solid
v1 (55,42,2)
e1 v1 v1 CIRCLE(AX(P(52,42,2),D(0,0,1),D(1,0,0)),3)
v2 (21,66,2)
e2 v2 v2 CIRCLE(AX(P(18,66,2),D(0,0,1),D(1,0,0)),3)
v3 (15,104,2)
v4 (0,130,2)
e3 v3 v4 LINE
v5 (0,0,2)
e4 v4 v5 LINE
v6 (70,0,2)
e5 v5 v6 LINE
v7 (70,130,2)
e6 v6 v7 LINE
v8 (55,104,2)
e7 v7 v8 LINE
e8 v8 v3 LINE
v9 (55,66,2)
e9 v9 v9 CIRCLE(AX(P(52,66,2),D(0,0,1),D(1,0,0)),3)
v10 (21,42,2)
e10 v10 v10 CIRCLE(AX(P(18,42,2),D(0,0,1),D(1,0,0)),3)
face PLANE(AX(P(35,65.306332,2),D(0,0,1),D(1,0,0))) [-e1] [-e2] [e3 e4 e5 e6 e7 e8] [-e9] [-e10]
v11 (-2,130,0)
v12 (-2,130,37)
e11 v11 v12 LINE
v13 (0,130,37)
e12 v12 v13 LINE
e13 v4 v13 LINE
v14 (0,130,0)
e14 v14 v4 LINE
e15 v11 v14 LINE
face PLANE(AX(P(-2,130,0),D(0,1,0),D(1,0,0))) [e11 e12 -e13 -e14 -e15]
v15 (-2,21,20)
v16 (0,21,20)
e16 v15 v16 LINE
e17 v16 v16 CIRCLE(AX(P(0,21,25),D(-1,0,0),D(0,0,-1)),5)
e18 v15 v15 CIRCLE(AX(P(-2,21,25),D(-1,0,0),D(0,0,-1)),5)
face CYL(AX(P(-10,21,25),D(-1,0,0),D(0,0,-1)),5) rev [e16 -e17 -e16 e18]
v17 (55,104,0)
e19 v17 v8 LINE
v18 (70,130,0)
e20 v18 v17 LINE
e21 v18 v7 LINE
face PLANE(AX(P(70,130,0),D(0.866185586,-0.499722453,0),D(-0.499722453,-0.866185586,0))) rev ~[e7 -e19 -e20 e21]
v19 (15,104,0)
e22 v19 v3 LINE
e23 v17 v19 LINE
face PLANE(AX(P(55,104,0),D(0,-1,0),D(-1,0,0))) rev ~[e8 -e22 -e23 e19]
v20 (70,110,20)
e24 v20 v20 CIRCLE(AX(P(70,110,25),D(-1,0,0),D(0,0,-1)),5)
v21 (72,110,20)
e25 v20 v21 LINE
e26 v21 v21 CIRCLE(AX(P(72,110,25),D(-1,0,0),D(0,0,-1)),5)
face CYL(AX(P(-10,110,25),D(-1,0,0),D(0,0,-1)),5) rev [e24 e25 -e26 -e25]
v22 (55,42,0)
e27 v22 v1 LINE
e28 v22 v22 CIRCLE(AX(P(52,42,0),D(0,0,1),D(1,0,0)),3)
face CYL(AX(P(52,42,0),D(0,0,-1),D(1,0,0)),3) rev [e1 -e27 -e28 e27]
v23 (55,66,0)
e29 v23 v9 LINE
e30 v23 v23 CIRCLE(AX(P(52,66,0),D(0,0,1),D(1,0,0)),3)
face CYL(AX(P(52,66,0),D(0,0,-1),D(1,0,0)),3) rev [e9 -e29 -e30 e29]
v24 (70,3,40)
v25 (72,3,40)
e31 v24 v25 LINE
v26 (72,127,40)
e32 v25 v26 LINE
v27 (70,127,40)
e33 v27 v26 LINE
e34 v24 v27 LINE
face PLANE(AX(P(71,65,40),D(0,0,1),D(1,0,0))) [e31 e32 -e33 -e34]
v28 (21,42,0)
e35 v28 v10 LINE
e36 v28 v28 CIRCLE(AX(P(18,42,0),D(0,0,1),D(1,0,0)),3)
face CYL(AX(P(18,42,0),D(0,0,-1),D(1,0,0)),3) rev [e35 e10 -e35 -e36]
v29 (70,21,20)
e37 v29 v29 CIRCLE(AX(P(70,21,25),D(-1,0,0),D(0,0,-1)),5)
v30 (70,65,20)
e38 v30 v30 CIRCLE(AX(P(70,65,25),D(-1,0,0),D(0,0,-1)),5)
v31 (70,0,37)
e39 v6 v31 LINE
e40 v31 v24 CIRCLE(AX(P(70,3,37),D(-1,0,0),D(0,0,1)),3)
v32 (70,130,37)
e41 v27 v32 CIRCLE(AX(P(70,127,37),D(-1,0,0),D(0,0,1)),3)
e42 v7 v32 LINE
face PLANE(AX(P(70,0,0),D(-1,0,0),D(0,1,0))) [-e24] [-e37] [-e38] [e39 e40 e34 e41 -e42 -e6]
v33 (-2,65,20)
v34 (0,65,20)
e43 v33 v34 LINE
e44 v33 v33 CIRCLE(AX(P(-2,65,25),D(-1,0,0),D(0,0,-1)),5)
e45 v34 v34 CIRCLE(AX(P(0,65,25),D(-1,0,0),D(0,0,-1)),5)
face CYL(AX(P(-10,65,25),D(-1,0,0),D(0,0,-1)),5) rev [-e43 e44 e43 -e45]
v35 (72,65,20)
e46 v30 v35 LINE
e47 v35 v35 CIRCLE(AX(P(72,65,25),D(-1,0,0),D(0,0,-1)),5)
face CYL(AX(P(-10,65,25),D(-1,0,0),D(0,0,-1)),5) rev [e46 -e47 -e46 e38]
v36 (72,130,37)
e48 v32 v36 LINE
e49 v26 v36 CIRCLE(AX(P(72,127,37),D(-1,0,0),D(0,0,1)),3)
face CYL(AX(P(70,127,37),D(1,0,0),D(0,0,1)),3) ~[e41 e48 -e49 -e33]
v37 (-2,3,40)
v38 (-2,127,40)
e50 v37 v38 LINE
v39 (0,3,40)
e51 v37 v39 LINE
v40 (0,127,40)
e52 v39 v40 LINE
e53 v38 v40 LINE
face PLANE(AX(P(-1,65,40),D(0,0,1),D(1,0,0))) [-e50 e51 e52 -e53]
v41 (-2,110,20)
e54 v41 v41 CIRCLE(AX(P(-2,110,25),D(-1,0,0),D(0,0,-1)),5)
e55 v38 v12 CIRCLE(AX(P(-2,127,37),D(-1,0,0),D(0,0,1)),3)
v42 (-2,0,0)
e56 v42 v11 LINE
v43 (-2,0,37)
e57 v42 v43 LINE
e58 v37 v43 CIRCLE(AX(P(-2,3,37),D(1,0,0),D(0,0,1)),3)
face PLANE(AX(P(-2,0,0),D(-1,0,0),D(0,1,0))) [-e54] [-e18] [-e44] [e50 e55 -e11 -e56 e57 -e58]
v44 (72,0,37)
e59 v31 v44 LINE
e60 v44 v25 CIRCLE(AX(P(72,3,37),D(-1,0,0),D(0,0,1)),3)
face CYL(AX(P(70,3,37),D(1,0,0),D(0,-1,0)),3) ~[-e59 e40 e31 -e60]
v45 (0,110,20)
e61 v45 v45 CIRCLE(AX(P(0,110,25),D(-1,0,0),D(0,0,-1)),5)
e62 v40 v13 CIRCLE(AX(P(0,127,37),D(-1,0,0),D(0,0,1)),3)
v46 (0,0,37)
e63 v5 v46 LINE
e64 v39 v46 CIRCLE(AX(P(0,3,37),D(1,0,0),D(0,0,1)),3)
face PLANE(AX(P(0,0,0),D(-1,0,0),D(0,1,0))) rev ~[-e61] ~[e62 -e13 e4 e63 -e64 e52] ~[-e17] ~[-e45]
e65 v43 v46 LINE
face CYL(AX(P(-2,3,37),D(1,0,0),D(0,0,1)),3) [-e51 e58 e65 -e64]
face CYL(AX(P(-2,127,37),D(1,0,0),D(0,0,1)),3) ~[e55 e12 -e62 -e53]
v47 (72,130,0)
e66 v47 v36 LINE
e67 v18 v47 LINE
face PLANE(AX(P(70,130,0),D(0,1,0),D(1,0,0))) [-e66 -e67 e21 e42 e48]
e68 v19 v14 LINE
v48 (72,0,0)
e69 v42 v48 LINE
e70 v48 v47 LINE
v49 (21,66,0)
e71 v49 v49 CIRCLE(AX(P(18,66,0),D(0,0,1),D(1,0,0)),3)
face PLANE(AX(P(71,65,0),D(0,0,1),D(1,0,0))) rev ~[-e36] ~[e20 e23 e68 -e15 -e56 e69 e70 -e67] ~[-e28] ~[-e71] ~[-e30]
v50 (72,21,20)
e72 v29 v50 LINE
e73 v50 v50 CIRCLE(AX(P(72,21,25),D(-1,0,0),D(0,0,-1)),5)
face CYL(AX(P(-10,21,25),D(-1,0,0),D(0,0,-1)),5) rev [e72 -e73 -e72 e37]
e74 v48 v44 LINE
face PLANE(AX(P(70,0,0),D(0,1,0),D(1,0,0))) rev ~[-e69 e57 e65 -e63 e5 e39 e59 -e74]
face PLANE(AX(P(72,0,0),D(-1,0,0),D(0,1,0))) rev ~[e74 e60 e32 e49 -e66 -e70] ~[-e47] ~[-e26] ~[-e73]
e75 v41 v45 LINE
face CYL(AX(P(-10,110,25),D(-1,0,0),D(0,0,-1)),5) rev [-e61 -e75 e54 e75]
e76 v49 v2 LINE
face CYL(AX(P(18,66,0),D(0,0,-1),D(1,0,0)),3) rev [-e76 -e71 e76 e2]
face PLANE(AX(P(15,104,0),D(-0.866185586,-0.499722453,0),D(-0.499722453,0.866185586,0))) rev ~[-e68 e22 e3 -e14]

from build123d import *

# Parameters (mm, degrees)
CYLINDER001_R     = 5
CYLINDER001_DEPTH = 100
CYLINDER002_R     = 5
CYLINDER002_DEPTH = 100
CYLINDER_R        = 5
CYLINDER_DEPTH    = 100
BOX001_W          = 2
BOX001_H          = 130
BOX001_DEPTH      = 40
BOX_W             = 2
BOX_H             = 130
BOX_DEPTH         = 40
SKETCH_R          = 3
EXTRUDE_DEPTH     = 2
FILLET_R          = 3


with BuildPart() as v_lec001:
    # Cylinder001 → Cylinder001 (new body)
    with BuildSketch(Plane(origin=(-10, 65, 25), x_dir=(0, 0, -1), z_dir=(1, 0, 0))):
        Circle(CYLINDER001_R)
    extrude(amount=CYLINDER001_DEPTH)


with BuildPart() as v_lec002:
    # Cylinder002 → Cylinder002 (new body)
    with BuildSketch(Plane(origin=(-10, 21, 25), x_dir=(0, 0, -1), z_dir=(1, 0, 0))):
        Circle(CYLINDER002_R)
    extrude(amount=CYLINDER002_DEPTH)


with BuildPart() as fusion001:
    # Cylinder → Cylinder (new body)
    with BuildSketch(Plane(origin=(-10, 110, 25), x_dir=(0, 0, -1), z_dir=(1, 0, 0))):
        Circle(CYLINDER_R)
    extrude(amount=CYLINDER_DEPTH)

    # Fusion001: union Válec001, Válec002
    add(v_lec001.part)
    add(v_lec002.part)


with BuildPart() as krychle001:
    # Box001 → Box001 (new body)
    with BuildSketch(Plane(origin=(70, 0, 0), x_dir=(1, 0, 0), z_dir=(0, 0, 1))):
        with Locations((1, 65)):
            Rectangle(BOX001_W, BOX001_H)
    extrude(amount=BOX001_DEPTH)


with BuildPart() as cut:
    # Box → Box (new body)
    with BuildSketch(Plane(origin=(-2, 0, 0), x_dir=(1, 0, 0), z_dir=(0, 0, 1))):
        with Locations((1, 65)):
            Rectangle(BOX_W, BOX_H)
    extrude(amount=BOX_DEPTH)

    # Fusion: union Krychle001
    add(krychle001.part)

    # Cut: cut Fusion001
    add(fusion001.part, mode=Mode.SUBTRACT)


with BuildPart() as fillet_body:
    # Sketch → Extrude (new body)
    with BuildSketch(Plane.XY):
        Polygon((0, 130), (0, 0), (70, 0), (70, 130), (55, 104), (15, 104), align=None)
        with Locations((52, 66)):
            Circle(SKETCH_R, mode=Mode.SUBTRACT)
        with Locations((18, 42)):
            Circle(SKETCH_R, mode=Mode.SUBTRACT)
        with Locations((52, 42)):
            Circle(SKETCH_R, mode=Mode.SUBTRACT)
        with Locations((18, 66)):
            Circle(SKETCH_R, mode=Mode.SUBTRACT)
    extrude(amount=EXTRUDE_DEPTH)

    # Fusion002: union Cut
    add(cut.part)

    # Fillet
    fillet_edges = [fillet_body.edges().sort_by_distance(p)[0] for p in [
        (71, 130, 40),
        (71, 0, 40),
        (-1, 130, 40),
        (-1, 0, 40),
    ]]
    fillet(fillet_edges, radius=FILLET_R)


solid = fillet_body.part
